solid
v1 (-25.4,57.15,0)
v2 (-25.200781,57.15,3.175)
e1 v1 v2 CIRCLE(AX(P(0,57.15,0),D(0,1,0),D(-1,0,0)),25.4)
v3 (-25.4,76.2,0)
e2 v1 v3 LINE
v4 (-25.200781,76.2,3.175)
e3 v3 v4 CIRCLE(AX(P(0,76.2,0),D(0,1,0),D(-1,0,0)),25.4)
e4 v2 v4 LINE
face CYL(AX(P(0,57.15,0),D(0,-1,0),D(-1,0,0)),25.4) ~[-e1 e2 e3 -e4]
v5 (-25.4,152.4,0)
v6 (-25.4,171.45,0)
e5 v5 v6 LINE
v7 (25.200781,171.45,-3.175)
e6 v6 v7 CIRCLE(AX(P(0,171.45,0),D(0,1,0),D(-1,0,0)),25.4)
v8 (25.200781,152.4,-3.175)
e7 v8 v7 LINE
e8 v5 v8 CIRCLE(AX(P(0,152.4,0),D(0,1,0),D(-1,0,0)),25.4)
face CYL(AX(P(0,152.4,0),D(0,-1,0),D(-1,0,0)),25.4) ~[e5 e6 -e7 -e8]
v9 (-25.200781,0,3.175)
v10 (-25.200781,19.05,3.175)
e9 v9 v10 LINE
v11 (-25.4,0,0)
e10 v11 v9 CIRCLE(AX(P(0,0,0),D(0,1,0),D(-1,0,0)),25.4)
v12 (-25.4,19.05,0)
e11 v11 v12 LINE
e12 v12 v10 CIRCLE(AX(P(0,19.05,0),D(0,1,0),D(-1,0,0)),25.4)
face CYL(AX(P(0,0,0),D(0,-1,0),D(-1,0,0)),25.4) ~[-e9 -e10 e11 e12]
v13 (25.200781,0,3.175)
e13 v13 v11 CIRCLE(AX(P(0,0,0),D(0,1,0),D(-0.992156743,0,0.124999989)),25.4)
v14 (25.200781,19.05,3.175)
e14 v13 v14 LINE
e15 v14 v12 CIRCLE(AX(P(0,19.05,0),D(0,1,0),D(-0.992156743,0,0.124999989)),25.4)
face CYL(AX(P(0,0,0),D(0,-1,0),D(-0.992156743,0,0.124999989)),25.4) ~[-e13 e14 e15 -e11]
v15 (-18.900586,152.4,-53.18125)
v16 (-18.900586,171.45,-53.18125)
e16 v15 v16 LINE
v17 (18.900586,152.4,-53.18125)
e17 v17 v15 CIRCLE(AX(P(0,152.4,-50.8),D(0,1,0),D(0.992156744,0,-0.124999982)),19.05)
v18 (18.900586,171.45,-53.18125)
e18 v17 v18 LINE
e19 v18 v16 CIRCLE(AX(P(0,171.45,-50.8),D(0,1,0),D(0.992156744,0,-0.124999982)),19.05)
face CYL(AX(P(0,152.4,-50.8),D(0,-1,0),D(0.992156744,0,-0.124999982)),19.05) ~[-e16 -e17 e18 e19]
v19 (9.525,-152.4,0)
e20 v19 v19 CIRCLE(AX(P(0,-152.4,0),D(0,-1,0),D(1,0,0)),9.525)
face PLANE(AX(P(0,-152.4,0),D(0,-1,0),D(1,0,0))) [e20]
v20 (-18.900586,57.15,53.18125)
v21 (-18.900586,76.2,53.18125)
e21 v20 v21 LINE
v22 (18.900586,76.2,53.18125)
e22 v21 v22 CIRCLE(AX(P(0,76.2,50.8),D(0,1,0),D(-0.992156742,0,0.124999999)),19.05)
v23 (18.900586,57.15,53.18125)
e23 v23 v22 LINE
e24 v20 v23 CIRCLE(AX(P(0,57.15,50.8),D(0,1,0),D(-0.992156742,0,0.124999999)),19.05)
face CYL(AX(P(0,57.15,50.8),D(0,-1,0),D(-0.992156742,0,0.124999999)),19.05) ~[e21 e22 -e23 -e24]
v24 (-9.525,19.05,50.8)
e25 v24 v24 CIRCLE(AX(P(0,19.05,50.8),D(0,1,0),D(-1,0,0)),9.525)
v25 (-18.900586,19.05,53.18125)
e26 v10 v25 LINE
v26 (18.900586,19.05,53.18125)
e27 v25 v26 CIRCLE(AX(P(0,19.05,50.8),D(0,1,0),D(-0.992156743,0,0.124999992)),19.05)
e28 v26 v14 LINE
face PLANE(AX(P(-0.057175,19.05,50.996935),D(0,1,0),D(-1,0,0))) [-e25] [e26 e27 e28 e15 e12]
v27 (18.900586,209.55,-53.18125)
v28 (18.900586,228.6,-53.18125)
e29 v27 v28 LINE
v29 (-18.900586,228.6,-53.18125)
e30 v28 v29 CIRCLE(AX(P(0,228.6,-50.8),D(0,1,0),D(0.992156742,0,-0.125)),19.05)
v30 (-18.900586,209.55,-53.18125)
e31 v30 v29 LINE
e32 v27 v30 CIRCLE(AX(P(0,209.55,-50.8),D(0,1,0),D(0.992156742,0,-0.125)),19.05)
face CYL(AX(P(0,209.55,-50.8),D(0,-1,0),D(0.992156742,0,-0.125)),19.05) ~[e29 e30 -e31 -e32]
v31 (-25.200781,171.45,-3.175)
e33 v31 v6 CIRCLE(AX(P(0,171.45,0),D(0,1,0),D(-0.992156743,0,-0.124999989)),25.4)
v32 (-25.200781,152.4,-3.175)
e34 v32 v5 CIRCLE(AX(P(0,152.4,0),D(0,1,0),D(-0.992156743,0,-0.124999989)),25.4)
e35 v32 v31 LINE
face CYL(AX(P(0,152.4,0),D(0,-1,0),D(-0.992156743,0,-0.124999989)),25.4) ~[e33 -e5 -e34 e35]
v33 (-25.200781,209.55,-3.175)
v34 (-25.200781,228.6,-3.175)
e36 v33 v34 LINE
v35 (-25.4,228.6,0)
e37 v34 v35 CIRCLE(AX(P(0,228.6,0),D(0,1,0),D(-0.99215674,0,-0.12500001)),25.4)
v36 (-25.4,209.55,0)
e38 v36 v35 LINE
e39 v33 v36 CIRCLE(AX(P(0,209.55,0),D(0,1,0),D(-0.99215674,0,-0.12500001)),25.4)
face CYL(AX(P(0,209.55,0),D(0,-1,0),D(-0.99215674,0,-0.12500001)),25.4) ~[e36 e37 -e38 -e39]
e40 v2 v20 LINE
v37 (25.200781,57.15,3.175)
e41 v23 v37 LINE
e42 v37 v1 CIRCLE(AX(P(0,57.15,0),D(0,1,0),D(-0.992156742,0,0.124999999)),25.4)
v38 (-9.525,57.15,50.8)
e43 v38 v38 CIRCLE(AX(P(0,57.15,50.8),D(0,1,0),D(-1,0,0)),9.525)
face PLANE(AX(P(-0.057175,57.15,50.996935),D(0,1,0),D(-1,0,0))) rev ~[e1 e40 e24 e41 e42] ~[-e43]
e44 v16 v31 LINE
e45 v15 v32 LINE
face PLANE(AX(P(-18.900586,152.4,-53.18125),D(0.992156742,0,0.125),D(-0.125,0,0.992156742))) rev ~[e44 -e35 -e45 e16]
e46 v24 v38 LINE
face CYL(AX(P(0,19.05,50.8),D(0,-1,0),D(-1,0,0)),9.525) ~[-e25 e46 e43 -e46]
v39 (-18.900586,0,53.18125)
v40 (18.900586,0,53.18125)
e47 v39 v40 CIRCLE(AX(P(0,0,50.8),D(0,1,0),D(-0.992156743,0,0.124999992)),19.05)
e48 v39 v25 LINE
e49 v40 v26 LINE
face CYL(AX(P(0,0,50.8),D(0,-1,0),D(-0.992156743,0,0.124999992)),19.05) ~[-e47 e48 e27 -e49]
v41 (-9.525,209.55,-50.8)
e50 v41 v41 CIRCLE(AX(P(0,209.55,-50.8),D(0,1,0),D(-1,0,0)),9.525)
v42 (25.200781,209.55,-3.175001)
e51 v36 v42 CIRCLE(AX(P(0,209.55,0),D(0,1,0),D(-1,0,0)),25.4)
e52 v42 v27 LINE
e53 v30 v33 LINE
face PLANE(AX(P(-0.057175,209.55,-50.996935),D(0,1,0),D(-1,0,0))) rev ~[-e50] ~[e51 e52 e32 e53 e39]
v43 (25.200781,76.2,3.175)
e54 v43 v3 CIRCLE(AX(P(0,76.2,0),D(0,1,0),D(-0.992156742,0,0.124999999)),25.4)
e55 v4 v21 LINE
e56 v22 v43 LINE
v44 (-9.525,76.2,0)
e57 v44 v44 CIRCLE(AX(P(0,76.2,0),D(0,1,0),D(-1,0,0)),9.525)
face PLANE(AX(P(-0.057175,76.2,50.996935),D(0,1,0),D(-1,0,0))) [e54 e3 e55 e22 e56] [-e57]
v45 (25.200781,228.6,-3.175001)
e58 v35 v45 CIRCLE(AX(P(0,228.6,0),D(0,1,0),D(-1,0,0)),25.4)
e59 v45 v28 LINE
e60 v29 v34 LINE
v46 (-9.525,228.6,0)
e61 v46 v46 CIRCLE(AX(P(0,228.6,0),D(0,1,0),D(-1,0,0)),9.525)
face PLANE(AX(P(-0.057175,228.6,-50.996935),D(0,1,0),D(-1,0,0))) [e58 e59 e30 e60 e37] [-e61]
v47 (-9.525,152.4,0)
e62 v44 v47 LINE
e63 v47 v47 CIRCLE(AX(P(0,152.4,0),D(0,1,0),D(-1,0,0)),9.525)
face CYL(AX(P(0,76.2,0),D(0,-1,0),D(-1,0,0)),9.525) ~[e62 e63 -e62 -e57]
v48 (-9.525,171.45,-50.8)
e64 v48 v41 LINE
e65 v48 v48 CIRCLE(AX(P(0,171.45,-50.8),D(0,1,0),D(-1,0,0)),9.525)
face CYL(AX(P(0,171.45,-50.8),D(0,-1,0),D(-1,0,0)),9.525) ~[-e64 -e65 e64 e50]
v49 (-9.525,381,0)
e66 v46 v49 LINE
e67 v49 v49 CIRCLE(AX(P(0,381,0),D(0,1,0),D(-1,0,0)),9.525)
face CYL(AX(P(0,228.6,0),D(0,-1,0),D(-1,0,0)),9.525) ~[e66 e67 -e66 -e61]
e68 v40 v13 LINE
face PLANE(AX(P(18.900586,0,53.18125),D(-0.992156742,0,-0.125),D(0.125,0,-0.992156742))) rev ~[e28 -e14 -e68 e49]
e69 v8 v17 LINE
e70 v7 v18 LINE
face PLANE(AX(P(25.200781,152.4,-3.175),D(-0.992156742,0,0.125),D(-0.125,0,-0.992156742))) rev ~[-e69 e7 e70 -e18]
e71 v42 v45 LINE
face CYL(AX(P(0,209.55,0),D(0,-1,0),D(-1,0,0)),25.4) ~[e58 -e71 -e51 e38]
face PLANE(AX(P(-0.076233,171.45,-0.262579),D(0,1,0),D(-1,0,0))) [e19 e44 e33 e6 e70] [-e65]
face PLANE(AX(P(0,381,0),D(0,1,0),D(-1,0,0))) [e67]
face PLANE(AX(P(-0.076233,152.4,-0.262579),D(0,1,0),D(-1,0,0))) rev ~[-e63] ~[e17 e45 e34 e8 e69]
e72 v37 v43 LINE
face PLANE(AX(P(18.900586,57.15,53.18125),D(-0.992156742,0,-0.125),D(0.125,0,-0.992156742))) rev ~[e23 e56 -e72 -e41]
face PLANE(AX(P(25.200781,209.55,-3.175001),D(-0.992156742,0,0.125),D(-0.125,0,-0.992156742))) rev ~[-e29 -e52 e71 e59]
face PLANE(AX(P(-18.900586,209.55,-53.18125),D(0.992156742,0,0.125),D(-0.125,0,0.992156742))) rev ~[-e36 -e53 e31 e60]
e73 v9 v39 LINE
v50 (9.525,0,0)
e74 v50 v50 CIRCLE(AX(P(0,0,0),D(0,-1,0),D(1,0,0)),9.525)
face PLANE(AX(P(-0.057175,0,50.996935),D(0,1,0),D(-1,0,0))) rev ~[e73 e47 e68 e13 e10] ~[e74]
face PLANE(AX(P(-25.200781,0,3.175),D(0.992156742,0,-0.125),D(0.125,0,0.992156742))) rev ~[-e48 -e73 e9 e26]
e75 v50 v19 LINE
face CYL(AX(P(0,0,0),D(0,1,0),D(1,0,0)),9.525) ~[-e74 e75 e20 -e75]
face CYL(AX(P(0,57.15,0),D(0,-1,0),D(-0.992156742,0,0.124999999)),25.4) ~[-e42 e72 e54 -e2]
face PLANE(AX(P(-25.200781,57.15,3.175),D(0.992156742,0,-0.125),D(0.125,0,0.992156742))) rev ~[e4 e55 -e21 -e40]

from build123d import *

# Parameters (mm, degrees)
F0_R      = 9.525
F1_DEPTH  = 152.4
F2_R      = 9.525
F3_DEPTH  = 19.05
F4_R      = 9.525
F5_DEPTH  = 38.1
F7_DEPTH  = 19.05
F8_R      = 9.525
F9_DEPTH  = 76.2
F11_DEPTH = 19.05
F12_R     = 9.525
F13_DEPTH = 38.1
F15_DEPTH = 19.05
F16_R     = 9.525
F17_DEPTH = 152.4


with BuildPart() as f1:
    # F0 (on Front) → F1 (new body)
    with BuildSketch(Plane.XZ):
        Circle(F0_R)
    extrude(amount=F1_DEPTH)

    # F2 (on face) → F3 (join)
    with BuildSketch(Plane(origin=(0, 0, 0), x_dir=(-1, 0, 0), z_dir=(0, 1, 0))):
        with BuildLine():
            ThreePointArc((-18.9005859708, 53.1812496635), (-1.1929663147, 31.7873902009), (19.05, 50.8))
            ThreePointArc((19.05, 50.8), (19.012609793, 51.992966411), (18.9005859467, 53.1812498549))
            ThreePointArc((18.9005859467, 53.1812498549), (-9.64e-08, 69.85), (-18.9005859708, 53.1812496635))
        make_face()
        with Locations((0, 50.8)):
            Circle(F2_R, mode=Mode.SUBTRACT)
        with BuildLine():
            ThreePointArc((18.9005859467, 53.1812498549), (19.012609793, 51.992966411), (19.05, 50.8))
            ThreePointArc((19.05, 50.8), (-1.1929663147, 31.7873902009), (-18.9005859708, 53.1812496635))
            Line((-18.9005859708, 53.1812496635), (-25.2007812071, 3.1750002442))
            ThreePointArc((-25.2007812071, 3.1750002442), (2.614e-07, 25.4), (25.2007812725, 3.1749997256))
            Line((25.2007812725, 3.1749997256), (18.9005859467, 53.1812498549))
        make_face()
        with BuildLine():
            ThreePointArc((25.4, 0), (25.3501463933, 1.5906218406), (25.2007812725, 3.1749997256))
            ThreePointArc((25.2007812725, 3.1749997256), (2.614e-07, 25.4), (-25.2007812071, 3.1750002442))
            ThreePointArc((-25.2007812071, 3.1750002442), (-1.5906221014, -25.3501463769), (25.4, 0))
        make_face()
        with Locations((0, 50.8)):
            Circle(F2_R)
    extrude(amount=F3_DEPTH)

    # F4 (on face) → F5 (join)
    with BuildSketch(Plane(origin=(0, 19.05, 0), x_dir=(-1, 0, 0), z_dir=(0, 1, 0))):
        with Locations((0, 50.8)):
            Circle(F4_R)
    extrude(amount=F5_DEPTH)

    # F6 (on face) → F7 (join)
    with BuildSketch(Plane(origin=(0, 57.15, 0), x_dir=(-1, 0, 0), z_dir=(0, 1, 0))):
        with BuildLine():
            ThreePointArc((-18.9005859708, 53.1812496635), (-1.1929663147, 31.7873902009), (19.05, 50.8))
            ThreePointArc((19.05, 50.8), (19.0126097893, 51.9929664704), (18.9005859318, 53.1812499732))
            ThreePointArc((18.9005859318, 53.1812499732), (-1.561e-07, 69.85), (-18.9005859708, 53.1812496635))
        make_face()
        with BuildLine():
            ThreePointArc((18.9005859318, 53.1812499732), (19.0126097893, 51.9929664704), (19.05, 50.8))
            ThreePointArc((19.05, 50.8), (-1.1929663147, 31.7873902009), (-18.9005859708, 53.1812496635))
            Line((-18.9005859708, 53.1812496635), (-25.200781271, 3.1749997374))
            ThreePointArc((-25.200781271, 3.1749997374), (-1.19e-07, 25.4), (25.2007812412, 3.1749999736))
            Line((25.2007812412, 3.1749999736), (18.9005859318, 53.1812499732))
        make_face()
        with BuildLine():
            ThreePointArc((25.4, 0), (25.3501463854, 1.5906219653), (25.2007812412, 3.1749999736))
            ThreePointArc((25.2007812412, 3.1749999736), (-1.19e-07, 25.4), (-25.200781271, 3.1749997374))
            ThreePointArc((-25.200781271, 3.1749997374), (-1.5906218465, -25.3501463929), (25.4, 0))
        make_face()
    extrude(amount=F7_DEPTH)

    # F8 (on face) → F9 (join)
    with BuildSketch(Plane(origin=(0, 76.2, 0), x_dir=(-1, 0, 0), z_dir=(0, 1, 0))):
        Circle(F8_R)
    extrude(amount=F9_DEPTH)

    # F10 (on face) → F11 (join)
    with BuildSketch(Plane(origin=(0, 152.4, 0), x_dir=(-1, 0, 0), z_dir=(0, 1, 0))):
        with BuildLine():
            ThreePointArc((25.2007812725, -3.1749997255), (25.3501463933, -1.5906218405), (25.4, 0))
            ThreePointArc((25.4, 0), (-1.5906219941, 25.3501463836), (-25.200781234, -3.1750000308))
            ThreePointArc((-25.200781234, -3.1750000308), (1.539e-07, -25.4), (25.2007812725, -3.1749997255))
        make_face()
        with BuildLine():
            ThreePointArc((25.2007812725, -3.1749997255), (1.539e-07, -25.4), (-25.200781234, -3.1750000308))
            Line((-25.200781234, -3.1750000308), (-18.9005859708, -53.1812496635))
            ThreePointArc((-18.9005859708, -53.1812496635), (-1.1929663147, -31.7873902009), (19.05, -50.8))
            ThreePointArc((19.05, -50.8), (19.012609782, -51.9929665866), (18.9005859027, -53.1812502041))
            Line((18.9005859027, -53.1812502041), (25.2007812725, -3.1749997255))
        make_face()
        with BuildLine():
            ThreePointArc((19.05, -50.8), (-1.1929663147, -31.7873902009), (-18.9005859708, -53.1812496635))
            ThreePointArc((-18.9005859708, -53.1812496635), (-2.724e-07, -69.85), (18.9005859027, -53.1812502041))
            ThreePointArc((18.9005859027, -53.1812502041), (19.012609782, -51.9929665866), (19.05, -50.8))
        make_face()
    extrude(amount=F11_DEPTH)

    # F12 (on face) → F13 (join)
    with BuildSketch(Plane(origin=(0, 171.45, 0), x_dir=(-1, 0, 0), z_dir=(0, 1, 0))):
        with Locations((0, -50.8)):
            Circle(F12_R)
    extrude(amount=F13_DEPTH)

    # F14 (on face) → F15 (join)
    with BuildSketch(Plane(origin=(0, 209.55, 0), x_dir=(-1, 0, 0), z_dir=(0, 1, 0))):
        with BuildLine():
            ThreePointArc((18.900585933, -53.1812499633), (19.0126097896, -51.9929664655), (19.05, -50.8))
            ThreePointArc((19.05, -50.8), (-1.1929664809, -31.7873902114), (-18.9005859292, -53.1812499939))
            ThreePointArc((-18.9005859292, -53.1812499939), (1.54e-08, -69.85), (18.900585933, -53.1812499633))
        make_face()
        with BuildLine():
            ThreePointArc((-18.9005859292, -53.1812499939), (-1.1929664809, -31.7873902114), (19.05, -50.8))
            ThreePointArc((19.05, -50.8), (19.0126097896, -51.9929664655), (18.900585933, -53.1812499633))
            Line((18.900585933, -53.1812499633), (25.2007812062, -3.1750002518))
            ThreePointArc((25.2007812062, -3.1750002518), (2.227e-07, -25.4), (-25.2007811505, -3.1750006937))
            Line((-25.2007811505, -3.1750006937), (-18.9005859292, -53.1812499939))
        make_face()
        with BuildLine():
            ThreePointArc((25.4, 0), (-1.5906223275, 25.3501463627), (-25.2007811505, -3.1750006937))
            ThreePointArc((-25.2007811505, -3.1750006937), (2.227e-07, -25.4), (25.2007812062, -3.1750002518))
            ThreePointArc((25.2007812062, -3.1750002518), (25.3501463767, -1.5906221053), (25.4, 0))
        make_face()
    extrude(amount=F15_DEPTH)

    # F16 (on face) → F17 (join)
    with BuildSketch(Plane(origin=(0, 228.6, 0), x_dir=(-1, 0, 0), z_dir=(0, 1, 0))):
        Circle(F16_R)
    extrude(amount=F17_DEPTH)


solid = f1.part
